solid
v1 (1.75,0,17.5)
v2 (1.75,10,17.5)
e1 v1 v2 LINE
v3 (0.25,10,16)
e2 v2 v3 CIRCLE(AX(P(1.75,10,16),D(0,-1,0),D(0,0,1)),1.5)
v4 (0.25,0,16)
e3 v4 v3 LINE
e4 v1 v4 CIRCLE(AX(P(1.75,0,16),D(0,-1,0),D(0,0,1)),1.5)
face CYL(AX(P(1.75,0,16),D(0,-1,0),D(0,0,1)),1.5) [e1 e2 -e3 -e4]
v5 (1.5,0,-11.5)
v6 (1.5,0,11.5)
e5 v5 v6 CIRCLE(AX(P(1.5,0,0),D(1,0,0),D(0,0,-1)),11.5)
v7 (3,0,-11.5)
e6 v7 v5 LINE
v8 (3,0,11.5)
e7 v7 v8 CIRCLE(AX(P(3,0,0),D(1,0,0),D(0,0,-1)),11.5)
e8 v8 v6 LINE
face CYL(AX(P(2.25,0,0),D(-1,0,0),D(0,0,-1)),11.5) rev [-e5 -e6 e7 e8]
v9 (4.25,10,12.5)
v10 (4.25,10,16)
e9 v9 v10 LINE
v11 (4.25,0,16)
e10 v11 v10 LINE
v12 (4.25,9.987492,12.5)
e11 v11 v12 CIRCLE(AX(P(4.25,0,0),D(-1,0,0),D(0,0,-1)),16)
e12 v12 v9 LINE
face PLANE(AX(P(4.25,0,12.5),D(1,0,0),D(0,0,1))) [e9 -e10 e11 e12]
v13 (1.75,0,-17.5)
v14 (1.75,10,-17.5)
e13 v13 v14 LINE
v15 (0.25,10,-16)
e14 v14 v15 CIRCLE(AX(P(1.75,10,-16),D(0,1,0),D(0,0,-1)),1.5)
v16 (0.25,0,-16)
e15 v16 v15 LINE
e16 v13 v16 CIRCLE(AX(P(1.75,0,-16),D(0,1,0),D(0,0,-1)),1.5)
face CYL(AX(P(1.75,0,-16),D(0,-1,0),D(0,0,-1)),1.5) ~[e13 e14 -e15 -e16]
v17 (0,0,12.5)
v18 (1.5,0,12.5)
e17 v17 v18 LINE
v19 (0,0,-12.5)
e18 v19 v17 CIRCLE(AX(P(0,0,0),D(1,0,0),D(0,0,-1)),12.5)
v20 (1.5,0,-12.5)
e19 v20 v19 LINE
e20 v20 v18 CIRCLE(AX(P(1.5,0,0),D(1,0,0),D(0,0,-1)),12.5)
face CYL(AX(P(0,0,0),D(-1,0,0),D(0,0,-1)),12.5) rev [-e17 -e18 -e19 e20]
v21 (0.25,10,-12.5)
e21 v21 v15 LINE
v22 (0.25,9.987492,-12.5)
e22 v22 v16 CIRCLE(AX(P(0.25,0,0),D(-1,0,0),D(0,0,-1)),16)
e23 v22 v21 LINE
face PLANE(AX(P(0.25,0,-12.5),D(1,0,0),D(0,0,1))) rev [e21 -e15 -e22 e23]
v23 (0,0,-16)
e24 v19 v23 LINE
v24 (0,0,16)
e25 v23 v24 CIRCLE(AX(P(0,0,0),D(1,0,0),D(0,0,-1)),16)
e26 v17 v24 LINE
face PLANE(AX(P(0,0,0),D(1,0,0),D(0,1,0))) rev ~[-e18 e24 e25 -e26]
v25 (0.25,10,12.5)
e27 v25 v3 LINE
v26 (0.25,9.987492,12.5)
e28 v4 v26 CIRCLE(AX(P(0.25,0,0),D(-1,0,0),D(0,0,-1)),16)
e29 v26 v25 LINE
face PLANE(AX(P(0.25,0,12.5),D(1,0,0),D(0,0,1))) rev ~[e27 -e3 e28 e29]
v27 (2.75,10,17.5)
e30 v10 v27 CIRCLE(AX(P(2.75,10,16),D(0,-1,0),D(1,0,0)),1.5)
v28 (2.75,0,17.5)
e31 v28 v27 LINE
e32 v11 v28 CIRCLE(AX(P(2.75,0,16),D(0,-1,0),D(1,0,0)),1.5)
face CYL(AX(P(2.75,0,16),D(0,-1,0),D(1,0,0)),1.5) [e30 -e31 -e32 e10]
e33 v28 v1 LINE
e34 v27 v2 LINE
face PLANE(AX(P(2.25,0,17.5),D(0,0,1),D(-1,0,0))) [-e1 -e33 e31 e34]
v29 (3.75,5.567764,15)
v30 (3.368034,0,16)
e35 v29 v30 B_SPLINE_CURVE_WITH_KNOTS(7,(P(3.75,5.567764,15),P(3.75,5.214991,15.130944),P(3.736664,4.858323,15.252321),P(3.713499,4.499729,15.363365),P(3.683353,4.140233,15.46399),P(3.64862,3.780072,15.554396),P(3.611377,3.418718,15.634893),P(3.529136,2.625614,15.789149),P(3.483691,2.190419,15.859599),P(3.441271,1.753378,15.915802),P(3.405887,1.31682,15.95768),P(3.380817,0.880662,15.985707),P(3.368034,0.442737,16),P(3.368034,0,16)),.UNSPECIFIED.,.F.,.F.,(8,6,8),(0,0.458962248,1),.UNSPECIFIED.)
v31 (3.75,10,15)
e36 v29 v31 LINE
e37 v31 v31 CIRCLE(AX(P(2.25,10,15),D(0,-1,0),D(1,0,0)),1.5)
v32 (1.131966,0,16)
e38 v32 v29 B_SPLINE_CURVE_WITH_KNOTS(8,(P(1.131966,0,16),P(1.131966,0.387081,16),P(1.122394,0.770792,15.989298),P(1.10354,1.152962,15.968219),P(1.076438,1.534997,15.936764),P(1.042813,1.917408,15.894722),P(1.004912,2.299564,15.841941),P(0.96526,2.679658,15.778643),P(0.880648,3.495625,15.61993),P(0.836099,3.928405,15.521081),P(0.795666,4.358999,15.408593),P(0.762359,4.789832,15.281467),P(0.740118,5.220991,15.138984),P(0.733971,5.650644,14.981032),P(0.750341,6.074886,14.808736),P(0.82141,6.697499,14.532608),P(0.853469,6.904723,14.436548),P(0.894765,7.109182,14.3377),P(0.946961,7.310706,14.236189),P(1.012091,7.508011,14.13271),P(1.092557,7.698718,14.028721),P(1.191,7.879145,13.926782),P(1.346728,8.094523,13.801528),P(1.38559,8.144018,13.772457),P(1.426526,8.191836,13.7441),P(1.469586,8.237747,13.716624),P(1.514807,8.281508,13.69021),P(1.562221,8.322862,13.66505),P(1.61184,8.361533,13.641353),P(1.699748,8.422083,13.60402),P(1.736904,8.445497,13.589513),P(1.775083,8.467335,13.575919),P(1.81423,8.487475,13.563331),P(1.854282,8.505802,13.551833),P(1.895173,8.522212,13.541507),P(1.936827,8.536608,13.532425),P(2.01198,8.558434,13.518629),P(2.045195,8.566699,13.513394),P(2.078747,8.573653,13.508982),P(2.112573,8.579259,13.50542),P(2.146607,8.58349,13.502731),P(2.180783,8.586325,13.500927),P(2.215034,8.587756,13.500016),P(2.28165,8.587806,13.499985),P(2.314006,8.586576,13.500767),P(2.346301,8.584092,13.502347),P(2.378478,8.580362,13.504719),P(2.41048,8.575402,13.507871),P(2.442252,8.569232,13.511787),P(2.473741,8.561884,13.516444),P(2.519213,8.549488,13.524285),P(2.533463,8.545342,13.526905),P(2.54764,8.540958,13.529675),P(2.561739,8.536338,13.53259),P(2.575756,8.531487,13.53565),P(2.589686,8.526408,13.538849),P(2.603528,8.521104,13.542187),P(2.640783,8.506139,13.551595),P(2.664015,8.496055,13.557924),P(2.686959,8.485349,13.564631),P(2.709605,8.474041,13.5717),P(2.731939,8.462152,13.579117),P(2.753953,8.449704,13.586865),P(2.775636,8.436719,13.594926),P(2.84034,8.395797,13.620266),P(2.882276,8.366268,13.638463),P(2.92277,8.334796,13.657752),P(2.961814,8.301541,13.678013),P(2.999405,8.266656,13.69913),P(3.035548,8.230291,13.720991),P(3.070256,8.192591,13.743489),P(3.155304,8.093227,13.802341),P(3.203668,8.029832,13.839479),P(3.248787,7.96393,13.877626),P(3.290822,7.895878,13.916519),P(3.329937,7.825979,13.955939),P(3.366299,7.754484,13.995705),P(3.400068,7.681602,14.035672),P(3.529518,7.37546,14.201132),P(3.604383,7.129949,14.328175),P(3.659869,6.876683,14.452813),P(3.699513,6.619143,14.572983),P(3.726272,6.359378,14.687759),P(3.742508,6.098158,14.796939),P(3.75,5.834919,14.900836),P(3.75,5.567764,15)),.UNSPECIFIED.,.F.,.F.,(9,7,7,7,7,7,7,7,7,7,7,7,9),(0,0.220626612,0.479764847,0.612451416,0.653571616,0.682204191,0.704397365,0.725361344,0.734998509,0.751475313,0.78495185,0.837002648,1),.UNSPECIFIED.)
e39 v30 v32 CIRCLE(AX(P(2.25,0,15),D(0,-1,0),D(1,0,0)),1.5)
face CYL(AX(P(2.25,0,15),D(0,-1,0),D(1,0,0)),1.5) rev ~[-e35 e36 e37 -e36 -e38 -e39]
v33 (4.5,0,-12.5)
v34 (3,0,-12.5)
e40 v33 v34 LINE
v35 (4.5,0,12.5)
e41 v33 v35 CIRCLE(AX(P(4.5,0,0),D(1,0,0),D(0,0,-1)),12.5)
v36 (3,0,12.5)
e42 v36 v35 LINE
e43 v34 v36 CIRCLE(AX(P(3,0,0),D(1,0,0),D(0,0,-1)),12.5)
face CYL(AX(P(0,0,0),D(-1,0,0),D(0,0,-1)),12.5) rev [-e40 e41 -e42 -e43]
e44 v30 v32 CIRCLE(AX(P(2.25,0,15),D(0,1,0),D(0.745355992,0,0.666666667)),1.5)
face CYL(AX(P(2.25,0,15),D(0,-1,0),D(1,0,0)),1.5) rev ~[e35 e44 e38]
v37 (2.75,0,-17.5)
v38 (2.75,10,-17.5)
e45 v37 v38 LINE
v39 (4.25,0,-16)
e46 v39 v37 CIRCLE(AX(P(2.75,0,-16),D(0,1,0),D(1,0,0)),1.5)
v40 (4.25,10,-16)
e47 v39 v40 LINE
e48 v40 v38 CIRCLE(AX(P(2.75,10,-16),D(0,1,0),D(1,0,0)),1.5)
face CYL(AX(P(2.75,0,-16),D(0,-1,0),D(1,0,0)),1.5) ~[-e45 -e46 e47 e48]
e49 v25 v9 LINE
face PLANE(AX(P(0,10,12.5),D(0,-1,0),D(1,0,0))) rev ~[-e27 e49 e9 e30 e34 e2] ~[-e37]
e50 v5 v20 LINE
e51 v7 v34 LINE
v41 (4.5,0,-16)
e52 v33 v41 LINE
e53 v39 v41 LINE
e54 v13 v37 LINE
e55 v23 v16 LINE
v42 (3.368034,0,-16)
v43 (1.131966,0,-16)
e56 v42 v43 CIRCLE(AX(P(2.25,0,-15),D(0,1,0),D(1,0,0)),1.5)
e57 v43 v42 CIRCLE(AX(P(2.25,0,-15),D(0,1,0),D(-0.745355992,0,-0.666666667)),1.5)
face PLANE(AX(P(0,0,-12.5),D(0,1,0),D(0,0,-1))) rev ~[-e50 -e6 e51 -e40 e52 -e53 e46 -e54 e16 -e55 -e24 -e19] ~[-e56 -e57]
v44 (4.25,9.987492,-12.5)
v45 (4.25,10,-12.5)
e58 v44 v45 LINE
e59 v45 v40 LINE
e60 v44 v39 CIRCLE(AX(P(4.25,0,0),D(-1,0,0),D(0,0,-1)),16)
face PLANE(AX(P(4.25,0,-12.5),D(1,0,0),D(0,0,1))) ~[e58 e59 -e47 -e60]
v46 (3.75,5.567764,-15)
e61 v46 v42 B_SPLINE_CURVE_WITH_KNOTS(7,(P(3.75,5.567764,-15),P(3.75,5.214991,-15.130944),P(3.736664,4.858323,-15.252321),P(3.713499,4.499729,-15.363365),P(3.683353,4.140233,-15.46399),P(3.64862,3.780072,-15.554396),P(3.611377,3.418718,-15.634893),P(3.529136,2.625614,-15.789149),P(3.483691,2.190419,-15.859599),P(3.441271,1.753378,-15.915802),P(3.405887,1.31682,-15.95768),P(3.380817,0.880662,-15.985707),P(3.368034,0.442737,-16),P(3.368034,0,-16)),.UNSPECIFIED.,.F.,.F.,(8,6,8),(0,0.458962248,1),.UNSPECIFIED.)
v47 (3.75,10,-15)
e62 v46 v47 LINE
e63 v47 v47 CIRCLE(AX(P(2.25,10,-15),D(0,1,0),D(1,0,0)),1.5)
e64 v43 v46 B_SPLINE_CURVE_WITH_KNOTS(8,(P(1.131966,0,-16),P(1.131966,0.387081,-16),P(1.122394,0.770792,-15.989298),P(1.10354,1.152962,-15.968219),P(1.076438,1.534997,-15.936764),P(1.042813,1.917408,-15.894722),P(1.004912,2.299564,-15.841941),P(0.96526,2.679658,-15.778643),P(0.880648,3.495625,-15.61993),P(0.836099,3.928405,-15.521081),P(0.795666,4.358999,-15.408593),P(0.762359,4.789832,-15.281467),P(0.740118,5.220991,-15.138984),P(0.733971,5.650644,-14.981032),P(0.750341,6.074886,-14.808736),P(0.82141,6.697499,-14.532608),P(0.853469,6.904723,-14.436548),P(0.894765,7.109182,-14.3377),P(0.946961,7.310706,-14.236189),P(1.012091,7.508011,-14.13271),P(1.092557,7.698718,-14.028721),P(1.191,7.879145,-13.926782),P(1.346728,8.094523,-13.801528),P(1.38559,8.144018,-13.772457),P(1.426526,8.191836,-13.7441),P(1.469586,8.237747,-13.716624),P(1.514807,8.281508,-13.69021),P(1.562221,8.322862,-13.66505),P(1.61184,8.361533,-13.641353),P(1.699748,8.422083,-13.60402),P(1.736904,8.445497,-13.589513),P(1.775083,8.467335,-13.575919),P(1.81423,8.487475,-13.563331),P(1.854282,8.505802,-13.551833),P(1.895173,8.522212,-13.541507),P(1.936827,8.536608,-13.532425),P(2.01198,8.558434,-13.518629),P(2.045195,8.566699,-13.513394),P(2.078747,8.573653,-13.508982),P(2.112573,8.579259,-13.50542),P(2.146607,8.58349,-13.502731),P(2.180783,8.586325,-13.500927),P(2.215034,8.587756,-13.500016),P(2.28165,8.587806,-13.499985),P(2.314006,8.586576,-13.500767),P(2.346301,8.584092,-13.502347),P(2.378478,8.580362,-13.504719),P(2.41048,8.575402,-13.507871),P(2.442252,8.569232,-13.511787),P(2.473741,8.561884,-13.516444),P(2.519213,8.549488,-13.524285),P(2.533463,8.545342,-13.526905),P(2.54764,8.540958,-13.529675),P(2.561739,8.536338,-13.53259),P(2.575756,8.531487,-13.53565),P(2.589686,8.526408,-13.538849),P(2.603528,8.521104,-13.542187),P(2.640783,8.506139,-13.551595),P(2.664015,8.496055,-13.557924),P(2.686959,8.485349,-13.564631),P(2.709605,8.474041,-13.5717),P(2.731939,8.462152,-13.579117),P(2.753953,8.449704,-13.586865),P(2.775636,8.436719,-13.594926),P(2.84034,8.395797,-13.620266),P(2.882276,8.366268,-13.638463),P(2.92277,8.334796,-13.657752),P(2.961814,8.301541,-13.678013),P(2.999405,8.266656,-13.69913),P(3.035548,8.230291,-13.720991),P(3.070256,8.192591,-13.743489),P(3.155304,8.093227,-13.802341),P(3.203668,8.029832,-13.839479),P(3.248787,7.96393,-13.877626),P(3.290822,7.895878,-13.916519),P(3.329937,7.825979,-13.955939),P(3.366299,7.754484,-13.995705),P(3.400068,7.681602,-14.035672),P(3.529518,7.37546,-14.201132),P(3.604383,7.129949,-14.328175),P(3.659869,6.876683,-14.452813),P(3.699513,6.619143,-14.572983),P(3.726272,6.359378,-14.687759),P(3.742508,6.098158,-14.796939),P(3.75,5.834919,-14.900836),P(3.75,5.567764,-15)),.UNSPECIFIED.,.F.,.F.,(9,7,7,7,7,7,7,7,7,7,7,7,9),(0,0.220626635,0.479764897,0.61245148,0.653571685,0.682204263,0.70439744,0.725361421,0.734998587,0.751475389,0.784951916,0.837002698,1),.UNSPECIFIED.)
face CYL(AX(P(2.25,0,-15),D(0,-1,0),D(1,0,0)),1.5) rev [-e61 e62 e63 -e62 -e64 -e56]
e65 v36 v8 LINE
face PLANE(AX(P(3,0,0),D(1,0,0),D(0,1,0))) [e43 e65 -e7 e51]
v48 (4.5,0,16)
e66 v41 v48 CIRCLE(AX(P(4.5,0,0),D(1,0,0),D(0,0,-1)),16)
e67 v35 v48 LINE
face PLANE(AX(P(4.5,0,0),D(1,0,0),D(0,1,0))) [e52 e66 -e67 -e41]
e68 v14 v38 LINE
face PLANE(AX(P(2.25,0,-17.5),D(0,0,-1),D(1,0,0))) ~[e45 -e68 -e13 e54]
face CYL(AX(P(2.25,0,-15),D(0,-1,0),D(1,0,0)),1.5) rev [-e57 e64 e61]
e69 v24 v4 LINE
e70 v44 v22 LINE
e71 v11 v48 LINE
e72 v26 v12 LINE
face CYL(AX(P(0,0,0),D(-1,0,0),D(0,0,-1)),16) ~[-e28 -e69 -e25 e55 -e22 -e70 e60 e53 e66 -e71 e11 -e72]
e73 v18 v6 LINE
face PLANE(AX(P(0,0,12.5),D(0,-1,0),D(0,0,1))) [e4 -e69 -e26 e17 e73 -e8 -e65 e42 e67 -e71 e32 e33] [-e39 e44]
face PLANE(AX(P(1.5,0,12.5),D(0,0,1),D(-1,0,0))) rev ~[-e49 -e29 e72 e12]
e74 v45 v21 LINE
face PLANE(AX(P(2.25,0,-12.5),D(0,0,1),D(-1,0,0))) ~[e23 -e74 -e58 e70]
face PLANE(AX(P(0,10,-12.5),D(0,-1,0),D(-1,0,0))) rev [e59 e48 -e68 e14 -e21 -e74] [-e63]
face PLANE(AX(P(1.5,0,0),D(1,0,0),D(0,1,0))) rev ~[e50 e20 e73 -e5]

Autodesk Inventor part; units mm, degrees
ref_plane "XZ Plane" through (0, 0, 0) normal (0, 1, 0) x (-1, 0, 0)
ref_plane "XY Plane" through (0, 0, 0) normal (0, 0, 1) x (1, 0, 0)
sketch "Sketch1" plane through (0, 0, 0) normal (1, 0, 0) x (0, 1, 0)
  arc A0 (0, -16) -> (0, 16) centre (0, 0) ccw construction
  arc A1 (0, -16) -> (0, 16) centre (0, 0) ccw
  arc A2 (0, -12.5) -> (0, 12.5) centre (0, 0) ccw
  line L0 (0, 12.5) -> (0, 16)
  line L1 (0, -12.5) -> (0, -16)
  dimension "d0" = 32
  dimension "d1" = 25
  dimension "d2" = 0
  dimension "d3" = 0
  dimension "d4" = 0
  dimension "d5" = 16
extrude "Extrusion1" add sketch "Sketch1" along normal blind 4.5
ref_plane "Work Plane1" through (2.25, 0, 0) normal (1, 0, 0) x (0, 1, 0)
sketch "Sketch3" plane through (2.25, 0, 0) normal (1, 0, 0) x (0, 1, 0)
  arc A0 (0, -12.5) -> (0, 12.5) centre (0, 0) ccw projected
  arc A1 (0, -11.5) -> (0, 11.5) centre (0, 0) ccw
  line L0 (0, -11.5) -> (0, -12.5)
  line L1 (0, 12.5) -> (0, 11.5)
  dimension "d8" = 23
extrude "Extrusion2" add sketch "Sketch3" along normal mid plane 1.5
sketch "Sketch4" plane through (0, 0, 12.5) normal (0, -1, 0) x (1, 0, 0)
  line L0 (3, 0) -> (4.5, 0) construction
  line L1 (4.5, 0) -> (4.5, 2.5) construction
  line L2 (4.5, 3.5) -> (4.5, 0) construction
  line L3 (0, 3.5) -> (4.5, 3.5) construction
  line L4 (2.25, 3.5) -> (2.25, 0) construction
  circle A0 centre (2.25, 2.5) radius 1.5 construction
  circle A1 centre (2.25, 2.5) radius 1.5
  line L5 (2.25, 0) -> (0.25, 0)
  line L6 (0, 0) -> (1.5, 0) projected
  line L7 (0.25, 0) -> (4.25, 0)
  line L8 (2.25, 0) -> (2.25, 5) construction
  line L9 (0.25, 0) -> (0.25, 3.5)
  line L10 (0.25, 0) -> (0.25, 3.5) construction
  line L11 (2.25, 5) -> (1.75, 5)
  line L12 (1.75, 5) -> (2.75, 5)
  arc A2 (1.75, 5) -> (0.25, 3.5) centre (1.75, 3.5) ccw
  line L13 (4.25, 0) -> (4.25, 3.5)
  arc A3 (4.25, 3.5) -> (2.75, 5) centre (2.75, 3.5) ccw
  point P0 (0, -12.5)
  dimension "d11" = 2.5
  dimension "d12" = 3
  dimension "d13" = 2.5
  dimension "d14" = 0
  dimension "d15" = 2
  dimension "d16" = 4
  dimension "d17" = 5
  dimension "d18" = 0.5
  dimension "d19" = 1
  dimension "d20" = 1.5
  dimension "d21" = 1.5
extrude "Extrusion3" add sketch "Sketch4" against normal blind 10
extrude "Extrusion5" cut sketch "Sketch4" against normal blind 1000 contours A1
mirror "Mirror2" about plane through (0, 0, 0) normal (0, 0, 1) of "Extrusion3", "Extrusion5"
properties part number "Upper lower eccentric trap (2)"
